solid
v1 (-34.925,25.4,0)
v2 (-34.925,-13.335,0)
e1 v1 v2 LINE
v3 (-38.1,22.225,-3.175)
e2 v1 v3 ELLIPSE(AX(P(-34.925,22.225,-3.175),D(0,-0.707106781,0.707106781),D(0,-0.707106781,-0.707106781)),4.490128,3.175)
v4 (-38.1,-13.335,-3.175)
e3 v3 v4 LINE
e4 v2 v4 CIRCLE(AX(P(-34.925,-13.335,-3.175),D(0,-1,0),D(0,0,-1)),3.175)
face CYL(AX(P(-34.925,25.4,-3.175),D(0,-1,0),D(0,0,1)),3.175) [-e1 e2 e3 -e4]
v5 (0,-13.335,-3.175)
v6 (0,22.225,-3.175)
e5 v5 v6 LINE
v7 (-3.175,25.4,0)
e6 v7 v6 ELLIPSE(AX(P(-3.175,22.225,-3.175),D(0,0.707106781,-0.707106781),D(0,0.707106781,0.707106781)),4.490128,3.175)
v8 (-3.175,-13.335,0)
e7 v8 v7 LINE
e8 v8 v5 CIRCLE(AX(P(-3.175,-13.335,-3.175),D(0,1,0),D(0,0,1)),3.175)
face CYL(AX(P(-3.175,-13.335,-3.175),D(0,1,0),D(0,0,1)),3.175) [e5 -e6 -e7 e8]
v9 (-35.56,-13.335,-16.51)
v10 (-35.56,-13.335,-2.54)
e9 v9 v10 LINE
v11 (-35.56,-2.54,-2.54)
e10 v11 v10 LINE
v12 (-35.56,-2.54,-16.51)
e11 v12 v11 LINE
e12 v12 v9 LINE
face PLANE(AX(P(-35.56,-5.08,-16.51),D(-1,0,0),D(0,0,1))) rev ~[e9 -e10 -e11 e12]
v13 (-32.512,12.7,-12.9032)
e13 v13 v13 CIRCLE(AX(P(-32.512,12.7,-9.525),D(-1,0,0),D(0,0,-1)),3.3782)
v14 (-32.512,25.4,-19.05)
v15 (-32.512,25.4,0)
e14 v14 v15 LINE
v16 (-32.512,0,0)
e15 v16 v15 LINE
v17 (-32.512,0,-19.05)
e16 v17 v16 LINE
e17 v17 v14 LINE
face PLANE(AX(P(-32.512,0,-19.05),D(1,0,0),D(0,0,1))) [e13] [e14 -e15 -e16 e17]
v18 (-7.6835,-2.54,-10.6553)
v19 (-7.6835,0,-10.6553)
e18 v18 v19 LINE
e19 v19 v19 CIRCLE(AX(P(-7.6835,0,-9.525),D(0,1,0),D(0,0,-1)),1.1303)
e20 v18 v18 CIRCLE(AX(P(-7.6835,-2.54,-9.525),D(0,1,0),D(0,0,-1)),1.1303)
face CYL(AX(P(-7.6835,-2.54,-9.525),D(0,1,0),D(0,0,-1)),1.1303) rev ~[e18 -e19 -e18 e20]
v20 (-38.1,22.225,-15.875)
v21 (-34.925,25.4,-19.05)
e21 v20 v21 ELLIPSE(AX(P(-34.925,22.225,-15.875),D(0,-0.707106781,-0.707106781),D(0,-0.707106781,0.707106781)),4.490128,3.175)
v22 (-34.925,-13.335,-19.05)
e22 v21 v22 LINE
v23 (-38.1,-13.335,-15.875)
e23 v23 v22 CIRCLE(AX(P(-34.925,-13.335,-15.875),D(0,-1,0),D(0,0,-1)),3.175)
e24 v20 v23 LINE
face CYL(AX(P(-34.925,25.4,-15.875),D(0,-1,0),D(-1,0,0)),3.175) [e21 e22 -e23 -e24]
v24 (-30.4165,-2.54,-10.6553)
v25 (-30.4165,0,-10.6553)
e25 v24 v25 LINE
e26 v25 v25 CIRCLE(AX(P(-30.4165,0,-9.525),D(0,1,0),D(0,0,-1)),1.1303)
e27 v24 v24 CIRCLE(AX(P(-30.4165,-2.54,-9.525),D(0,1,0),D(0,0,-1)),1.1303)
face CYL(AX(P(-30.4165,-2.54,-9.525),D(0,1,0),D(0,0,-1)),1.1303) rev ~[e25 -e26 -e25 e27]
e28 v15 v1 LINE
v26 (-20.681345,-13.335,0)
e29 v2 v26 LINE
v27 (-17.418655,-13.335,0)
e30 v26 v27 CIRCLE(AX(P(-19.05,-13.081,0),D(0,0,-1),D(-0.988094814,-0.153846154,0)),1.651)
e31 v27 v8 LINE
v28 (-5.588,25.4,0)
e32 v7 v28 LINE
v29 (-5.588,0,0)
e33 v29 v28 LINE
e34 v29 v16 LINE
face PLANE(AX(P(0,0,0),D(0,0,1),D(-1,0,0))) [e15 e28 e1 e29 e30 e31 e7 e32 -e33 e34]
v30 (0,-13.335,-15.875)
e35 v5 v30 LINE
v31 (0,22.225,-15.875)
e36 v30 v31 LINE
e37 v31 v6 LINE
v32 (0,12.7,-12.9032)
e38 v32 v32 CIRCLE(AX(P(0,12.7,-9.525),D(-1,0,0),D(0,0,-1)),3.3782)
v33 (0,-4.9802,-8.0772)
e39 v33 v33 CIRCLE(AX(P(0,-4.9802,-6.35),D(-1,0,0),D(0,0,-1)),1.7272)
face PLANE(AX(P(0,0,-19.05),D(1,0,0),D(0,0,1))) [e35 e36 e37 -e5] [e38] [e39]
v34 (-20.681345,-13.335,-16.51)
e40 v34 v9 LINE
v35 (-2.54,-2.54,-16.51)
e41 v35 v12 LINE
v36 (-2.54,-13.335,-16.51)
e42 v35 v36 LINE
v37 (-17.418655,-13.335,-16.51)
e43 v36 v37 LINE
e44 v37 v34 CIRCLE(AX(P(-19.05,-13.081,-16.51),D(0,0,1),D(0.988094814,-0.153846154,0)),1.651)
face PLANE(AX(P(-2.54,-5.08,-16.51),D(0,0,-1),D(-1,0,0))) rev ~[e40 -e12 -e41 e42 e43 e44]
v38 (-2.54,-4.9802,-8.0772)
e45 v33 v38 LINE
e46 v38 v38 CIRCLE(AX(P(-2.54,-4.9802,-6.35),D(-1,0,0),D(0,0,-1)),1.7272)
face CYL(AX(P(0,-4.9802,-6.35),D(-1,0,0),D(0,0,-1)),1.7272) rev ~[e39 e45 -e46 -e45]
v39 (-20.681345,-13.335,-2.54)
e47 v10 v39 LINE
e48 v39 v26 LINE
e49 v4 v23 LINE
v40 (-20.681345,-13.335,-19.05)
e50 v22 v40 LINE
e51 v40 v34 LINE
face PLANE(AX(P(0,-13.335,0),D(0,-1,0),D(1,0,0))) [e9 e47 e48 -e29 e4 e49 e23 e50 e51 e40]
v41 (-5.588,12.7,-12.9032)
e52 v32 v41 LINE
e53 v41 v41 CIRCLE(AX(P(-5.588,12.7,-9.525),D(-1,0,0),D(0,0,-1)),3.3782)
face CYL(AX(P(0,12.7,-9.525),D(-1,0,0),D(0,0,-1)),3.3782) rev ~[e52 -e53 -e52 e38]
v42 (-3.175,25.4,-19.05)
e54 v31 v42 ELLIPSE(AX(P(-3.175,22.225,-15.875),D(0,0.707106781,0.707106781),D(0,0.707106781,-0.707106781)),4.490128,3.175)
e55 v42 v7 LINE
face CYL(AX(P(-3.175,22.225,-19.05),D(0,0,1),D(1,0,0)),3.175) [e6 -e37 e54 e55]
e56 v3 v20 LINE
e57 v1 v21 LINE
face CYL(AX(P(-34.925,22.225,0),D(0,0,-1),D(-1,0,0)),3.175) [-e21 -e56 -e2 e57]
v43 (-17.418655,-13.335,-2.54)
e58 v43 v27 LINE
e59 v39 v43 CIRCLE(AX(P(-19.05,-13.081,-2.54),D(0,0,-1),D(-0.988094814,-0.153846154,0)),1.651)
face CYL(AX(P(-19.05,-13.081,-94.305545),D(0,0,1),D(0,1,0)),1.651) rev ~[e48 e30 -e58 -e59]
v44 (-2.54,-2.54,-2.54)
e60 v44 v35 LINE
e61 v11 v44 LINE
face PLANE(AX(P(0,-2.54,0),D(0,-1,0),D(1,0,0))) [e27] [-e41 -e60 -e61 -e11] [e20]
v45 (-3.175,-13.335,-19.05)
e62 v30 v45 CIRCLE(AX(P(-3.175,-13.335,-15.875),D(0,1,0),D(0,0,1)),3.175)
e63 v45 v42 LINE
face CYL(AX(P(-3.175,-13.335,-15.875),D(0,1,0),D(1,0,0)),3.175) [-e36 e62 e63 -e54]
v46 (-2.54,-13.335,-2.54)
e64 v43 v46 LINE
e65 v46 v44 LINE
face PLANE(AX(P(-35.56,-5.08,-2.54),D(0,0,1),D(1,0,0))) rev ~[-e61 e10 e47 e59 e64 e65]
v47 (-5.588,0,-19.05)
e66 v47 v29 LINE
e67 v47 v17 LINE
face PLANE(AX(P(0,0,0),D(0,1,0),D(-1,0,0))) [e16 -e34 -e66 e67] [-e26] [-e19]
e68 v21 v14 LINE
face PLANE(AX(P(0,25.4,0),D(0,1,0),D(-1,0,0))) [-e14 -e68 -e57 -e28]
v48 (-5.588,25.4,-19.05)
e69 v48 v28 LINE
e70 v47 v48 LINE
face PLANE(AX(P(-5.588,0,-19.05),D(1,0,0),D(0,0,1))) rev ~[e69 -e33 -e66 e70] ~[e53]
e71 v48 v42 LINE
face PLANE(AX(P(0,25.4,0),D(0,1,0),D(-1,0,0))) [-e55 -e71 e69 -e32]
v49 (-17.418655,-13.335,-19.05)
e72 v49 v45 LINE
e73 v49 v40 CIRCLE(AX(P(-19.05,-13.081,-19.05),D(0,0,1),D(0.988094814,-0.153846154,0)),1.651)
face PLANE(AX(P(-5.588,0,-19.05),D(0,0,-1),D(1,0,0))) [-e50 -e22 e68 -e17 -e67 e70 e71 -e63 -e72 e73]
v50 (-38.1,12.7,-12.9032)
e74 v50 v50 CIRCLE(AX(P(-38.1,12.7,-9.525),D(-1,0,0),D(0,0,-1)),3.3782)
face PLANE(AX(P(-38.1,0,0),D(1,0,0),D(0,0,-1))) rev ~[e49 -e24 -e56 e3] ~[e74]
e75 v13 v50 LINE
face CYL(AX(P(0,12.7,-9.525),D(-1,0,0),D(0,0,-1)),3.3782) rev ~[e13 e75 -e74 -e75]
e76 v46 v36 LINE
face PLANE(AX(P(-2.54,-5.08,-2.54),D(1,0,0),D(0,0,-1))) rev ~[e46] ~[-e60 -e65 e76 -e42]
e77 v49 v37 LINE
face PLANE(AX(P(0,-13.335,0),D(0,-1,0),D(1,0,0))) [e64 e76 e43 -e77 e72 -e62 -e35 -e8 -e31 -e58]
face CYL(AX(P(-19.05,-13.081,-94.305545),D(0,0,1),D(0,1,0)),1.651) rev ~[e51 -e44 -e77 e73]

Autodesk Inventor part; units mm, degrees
ref_plane "YZ Plane" through (0, 0, 0) normal (1, 0, 0) x (0, 1, 0)
ref_plane "XZ Plane" through (0, 0, 0) normal (0, 1, 0) x (-1, 0, 0)
ref_plane "XY Plane" through (0, 0, 0) normal (0, 0, 1) x (1, 0, 0)
sketch "Sketch1" plane through (0, 0, 0) normal (0, 1, 0) x (-1, 0, 0)
  line L0 (0, 0) -> (38.1, 0)
  line L1 (38.1, 0) -> (38.1, -19.05)
  line L2 (38.1, -19.05) -> (0, -19.05)
  line L3 (0, -19.05) -> (0, 0)
  line L4 (38.1, -19.05) -> (32.512, -19.05)
  line L5 (32.512, -19.05) -> (32.512, 0)
  line L6 (32.512, 0) -> (38.1, 0)
  line L7 (38.1, 0) -> (38.1, -19.05)
  line L8 (0, -19.05) -> (5.588, -19.05)
  line L9 (5.588, -19.05) -> (5.588, 0)
  line L10 (5.588, 0) -> (0, 0)
  line L11 (0, 0) -> (0, -19.05)
  point P0 (5.588, -19.05)
  dimension "d0" = 38.1
  dimension "d1" = 19.05
  dimension "d2" = 5.588
  dimension "d3" = 5.588
extrude "Extrusion1" add sketch "Sketch1" along normal blind 25.4 contours L0 L9 L2 L3 | L0 L1 L2 L5
extrude "Extrusion2" add sketch "Sketch1" against normal blind 5.08
sketch "Sketch2" plane through (0, 25.4, 0) normal (1, 0, 0) x (0, 0, -1)
  line L0 (19.05, 0) -> (0, 0) projected
  line L1 (9.525, 0) -> (9.525, -12.7)
  point P0 (0, -25.4)
  dimension "d8" = 12.7
hole "Hole1" at (0, 12.7, -9.525) direction (-1, 0, 0) diameter 6.7564 end through all clearance for "Socket Head Cap Screw" size "1/4" standard "Ansi Unified Screw Threads"
sketch "Sketch3" plane through (0, -5.08, 0) normal (0, -1, 0) x (1, 0, 0)
  line L0 (0, 0) -> (-38.1, 0) projected
  line L1 (-38.1, 0) -> (-35.56, 0)
  line L2 (-35.56, 0) -> (-35.56, -2.54)
  line L3 (-35.56, -2.54) -> (-38.1, -2.54)
  line L4 (-38.1, -2.54) -> (-38.1, 0)
  line L5 (0, -19.05) -> (-2.54, -19.05)
  line L6 (-2.54, -19.05) -> (-2.54, -16.51)
  line L7 (-2.54, -16.51) -> (0, -16.51)
  line L8 (0, -16.51) -> (0, -19.05)
  line L9 (-35.56, -2.54) -> (-2.54, -2.54)
  line L10 (-2.54, -2.54) -> (-2.54, -16.51)
  line L11 (-2.54, -16.51) -> (-35.56, -16.51)
  line L12 (-35.56, -16.51) -> (-35.56, -2.54)
  line L13 (-38.1, 0) -> (-38.1, -19.05) projected
  line L14 (0, -19.05) -> (0, 0) projected
  line L15 (-38.1, -19.05) -> (0, -19.05) projected
  dimension "d16" = 2.54
  dimension "d17" = 2.54
  dimension "d18" = 2.54
  dimension "d19" = 2.54
extrude "Extrusion3" cut sketch "Sketch3" against normal blind 2.54 contours L9 L10 L11 L12
extrude "Extrusion4" add sketch "Sketch3" along normal blind 8.255 contours L14 L7 L10 L9 L2 L0 | L2 L3 L4 L0 | L8 L5 L6 L7 | L12 L11 L6 L15 L13 L3
sketch "Sketch4" plane through (0, 25.4, 0) normal (1, 0, 0) x (0, 0, -1)
  line L0 (19.05, -38.735) -> (19.05, 0) projected
  line L1 (19.05, -30.3802) -> (6.35, -30.3802)
  line L2 (19.05, -30.3802) -> (31.75, -30.3802) construction
  point P0 (0, -25.4)
  dimension "d24" = 12.7
  dimension "d25" = 180
hole "Hole2" at (0, -4.9802, -6.35) direction (-1, 0, 0) diameter 3.4544 depth 2.54
sketch "Sketch5" plane through (0, -2.54, 0) normal (0, -1, 0) x (1, 0, 0)
  line L0 (-2.54, -16.51) -> (-35.56, -16.51) projected
  line L1 (-19.05, -16.51) -> (-19.05, -2.54)
  line L2 (-35.56, -2.54) -> (-2.54, -2.54) projected
  line L3 (-35.56, -2.54) -> (-2.54, -2.54) projected
  line L4 (-19.05, -16.51) -> (-19.05, -9.525)
  line L5 (-4.2545, -5.715) -> (-33.8455, -5.715)
  line L6 (-33.8455, -5.715) -> (-33.8455, -13.335)
  line L7 (-33.8455, -13.335) -> (-4.2545, -13.335)
  line L8 (-4.2545, -13.335) -> (-4.2545, -5.715)
  line L9 (-4.2545, -5.715) -> (-33.8455, -13.335) construction
  line L10 (-33.8455, -5.715) -> (-4.2545, -13.335) construction
  line L11 (-19.05, -9.525) -> (-30.4165, -9.525)
  line L12 (-30.4165, -9.525) -> (-7.6835, -9.525)
  point P0 (0, 0)
  dimension "d33" = 6.985
  dimension "d34" = 29.591
  dimension "d35" = 7.62
  dimension "d36" = 11.3665
  dimension "d37" = 22.733
hole "Hole3" at (-7.6835, -2.54, -9.525) at (-30.4165, -2.54, -9.525) direction (0, 1, 0) diameter 2.2606 end through all
sketch "Sketch6" plane through (-35.56, -2.54, -16.51) normal (0, 0, 1) x (1, 0, 0)
  line L0 (33.02, 0) -> (0, 0) projected
  line L1 (16.51, 0) -> (16.51, -10.541)
  point P0 (35.56, 2.54)
  dimension "d45" = 10.541
hole "Hole4" at (-19.05, -13.081, -16.51) direction (0, 0, 1) diameter 3.302 end through all both
fillet "Fillet1" radius 3.175 6 edges at (-38.1, 6.0325, 0) (0, 6.0325, 0) (0, 6.0325, -19.05) (0, 25.4, -9.525) (-38.1, 6.0325, -19.05) (-38.1, 25.4, -9.525)
properties part number "HomemadeSensorHousing 8020"
